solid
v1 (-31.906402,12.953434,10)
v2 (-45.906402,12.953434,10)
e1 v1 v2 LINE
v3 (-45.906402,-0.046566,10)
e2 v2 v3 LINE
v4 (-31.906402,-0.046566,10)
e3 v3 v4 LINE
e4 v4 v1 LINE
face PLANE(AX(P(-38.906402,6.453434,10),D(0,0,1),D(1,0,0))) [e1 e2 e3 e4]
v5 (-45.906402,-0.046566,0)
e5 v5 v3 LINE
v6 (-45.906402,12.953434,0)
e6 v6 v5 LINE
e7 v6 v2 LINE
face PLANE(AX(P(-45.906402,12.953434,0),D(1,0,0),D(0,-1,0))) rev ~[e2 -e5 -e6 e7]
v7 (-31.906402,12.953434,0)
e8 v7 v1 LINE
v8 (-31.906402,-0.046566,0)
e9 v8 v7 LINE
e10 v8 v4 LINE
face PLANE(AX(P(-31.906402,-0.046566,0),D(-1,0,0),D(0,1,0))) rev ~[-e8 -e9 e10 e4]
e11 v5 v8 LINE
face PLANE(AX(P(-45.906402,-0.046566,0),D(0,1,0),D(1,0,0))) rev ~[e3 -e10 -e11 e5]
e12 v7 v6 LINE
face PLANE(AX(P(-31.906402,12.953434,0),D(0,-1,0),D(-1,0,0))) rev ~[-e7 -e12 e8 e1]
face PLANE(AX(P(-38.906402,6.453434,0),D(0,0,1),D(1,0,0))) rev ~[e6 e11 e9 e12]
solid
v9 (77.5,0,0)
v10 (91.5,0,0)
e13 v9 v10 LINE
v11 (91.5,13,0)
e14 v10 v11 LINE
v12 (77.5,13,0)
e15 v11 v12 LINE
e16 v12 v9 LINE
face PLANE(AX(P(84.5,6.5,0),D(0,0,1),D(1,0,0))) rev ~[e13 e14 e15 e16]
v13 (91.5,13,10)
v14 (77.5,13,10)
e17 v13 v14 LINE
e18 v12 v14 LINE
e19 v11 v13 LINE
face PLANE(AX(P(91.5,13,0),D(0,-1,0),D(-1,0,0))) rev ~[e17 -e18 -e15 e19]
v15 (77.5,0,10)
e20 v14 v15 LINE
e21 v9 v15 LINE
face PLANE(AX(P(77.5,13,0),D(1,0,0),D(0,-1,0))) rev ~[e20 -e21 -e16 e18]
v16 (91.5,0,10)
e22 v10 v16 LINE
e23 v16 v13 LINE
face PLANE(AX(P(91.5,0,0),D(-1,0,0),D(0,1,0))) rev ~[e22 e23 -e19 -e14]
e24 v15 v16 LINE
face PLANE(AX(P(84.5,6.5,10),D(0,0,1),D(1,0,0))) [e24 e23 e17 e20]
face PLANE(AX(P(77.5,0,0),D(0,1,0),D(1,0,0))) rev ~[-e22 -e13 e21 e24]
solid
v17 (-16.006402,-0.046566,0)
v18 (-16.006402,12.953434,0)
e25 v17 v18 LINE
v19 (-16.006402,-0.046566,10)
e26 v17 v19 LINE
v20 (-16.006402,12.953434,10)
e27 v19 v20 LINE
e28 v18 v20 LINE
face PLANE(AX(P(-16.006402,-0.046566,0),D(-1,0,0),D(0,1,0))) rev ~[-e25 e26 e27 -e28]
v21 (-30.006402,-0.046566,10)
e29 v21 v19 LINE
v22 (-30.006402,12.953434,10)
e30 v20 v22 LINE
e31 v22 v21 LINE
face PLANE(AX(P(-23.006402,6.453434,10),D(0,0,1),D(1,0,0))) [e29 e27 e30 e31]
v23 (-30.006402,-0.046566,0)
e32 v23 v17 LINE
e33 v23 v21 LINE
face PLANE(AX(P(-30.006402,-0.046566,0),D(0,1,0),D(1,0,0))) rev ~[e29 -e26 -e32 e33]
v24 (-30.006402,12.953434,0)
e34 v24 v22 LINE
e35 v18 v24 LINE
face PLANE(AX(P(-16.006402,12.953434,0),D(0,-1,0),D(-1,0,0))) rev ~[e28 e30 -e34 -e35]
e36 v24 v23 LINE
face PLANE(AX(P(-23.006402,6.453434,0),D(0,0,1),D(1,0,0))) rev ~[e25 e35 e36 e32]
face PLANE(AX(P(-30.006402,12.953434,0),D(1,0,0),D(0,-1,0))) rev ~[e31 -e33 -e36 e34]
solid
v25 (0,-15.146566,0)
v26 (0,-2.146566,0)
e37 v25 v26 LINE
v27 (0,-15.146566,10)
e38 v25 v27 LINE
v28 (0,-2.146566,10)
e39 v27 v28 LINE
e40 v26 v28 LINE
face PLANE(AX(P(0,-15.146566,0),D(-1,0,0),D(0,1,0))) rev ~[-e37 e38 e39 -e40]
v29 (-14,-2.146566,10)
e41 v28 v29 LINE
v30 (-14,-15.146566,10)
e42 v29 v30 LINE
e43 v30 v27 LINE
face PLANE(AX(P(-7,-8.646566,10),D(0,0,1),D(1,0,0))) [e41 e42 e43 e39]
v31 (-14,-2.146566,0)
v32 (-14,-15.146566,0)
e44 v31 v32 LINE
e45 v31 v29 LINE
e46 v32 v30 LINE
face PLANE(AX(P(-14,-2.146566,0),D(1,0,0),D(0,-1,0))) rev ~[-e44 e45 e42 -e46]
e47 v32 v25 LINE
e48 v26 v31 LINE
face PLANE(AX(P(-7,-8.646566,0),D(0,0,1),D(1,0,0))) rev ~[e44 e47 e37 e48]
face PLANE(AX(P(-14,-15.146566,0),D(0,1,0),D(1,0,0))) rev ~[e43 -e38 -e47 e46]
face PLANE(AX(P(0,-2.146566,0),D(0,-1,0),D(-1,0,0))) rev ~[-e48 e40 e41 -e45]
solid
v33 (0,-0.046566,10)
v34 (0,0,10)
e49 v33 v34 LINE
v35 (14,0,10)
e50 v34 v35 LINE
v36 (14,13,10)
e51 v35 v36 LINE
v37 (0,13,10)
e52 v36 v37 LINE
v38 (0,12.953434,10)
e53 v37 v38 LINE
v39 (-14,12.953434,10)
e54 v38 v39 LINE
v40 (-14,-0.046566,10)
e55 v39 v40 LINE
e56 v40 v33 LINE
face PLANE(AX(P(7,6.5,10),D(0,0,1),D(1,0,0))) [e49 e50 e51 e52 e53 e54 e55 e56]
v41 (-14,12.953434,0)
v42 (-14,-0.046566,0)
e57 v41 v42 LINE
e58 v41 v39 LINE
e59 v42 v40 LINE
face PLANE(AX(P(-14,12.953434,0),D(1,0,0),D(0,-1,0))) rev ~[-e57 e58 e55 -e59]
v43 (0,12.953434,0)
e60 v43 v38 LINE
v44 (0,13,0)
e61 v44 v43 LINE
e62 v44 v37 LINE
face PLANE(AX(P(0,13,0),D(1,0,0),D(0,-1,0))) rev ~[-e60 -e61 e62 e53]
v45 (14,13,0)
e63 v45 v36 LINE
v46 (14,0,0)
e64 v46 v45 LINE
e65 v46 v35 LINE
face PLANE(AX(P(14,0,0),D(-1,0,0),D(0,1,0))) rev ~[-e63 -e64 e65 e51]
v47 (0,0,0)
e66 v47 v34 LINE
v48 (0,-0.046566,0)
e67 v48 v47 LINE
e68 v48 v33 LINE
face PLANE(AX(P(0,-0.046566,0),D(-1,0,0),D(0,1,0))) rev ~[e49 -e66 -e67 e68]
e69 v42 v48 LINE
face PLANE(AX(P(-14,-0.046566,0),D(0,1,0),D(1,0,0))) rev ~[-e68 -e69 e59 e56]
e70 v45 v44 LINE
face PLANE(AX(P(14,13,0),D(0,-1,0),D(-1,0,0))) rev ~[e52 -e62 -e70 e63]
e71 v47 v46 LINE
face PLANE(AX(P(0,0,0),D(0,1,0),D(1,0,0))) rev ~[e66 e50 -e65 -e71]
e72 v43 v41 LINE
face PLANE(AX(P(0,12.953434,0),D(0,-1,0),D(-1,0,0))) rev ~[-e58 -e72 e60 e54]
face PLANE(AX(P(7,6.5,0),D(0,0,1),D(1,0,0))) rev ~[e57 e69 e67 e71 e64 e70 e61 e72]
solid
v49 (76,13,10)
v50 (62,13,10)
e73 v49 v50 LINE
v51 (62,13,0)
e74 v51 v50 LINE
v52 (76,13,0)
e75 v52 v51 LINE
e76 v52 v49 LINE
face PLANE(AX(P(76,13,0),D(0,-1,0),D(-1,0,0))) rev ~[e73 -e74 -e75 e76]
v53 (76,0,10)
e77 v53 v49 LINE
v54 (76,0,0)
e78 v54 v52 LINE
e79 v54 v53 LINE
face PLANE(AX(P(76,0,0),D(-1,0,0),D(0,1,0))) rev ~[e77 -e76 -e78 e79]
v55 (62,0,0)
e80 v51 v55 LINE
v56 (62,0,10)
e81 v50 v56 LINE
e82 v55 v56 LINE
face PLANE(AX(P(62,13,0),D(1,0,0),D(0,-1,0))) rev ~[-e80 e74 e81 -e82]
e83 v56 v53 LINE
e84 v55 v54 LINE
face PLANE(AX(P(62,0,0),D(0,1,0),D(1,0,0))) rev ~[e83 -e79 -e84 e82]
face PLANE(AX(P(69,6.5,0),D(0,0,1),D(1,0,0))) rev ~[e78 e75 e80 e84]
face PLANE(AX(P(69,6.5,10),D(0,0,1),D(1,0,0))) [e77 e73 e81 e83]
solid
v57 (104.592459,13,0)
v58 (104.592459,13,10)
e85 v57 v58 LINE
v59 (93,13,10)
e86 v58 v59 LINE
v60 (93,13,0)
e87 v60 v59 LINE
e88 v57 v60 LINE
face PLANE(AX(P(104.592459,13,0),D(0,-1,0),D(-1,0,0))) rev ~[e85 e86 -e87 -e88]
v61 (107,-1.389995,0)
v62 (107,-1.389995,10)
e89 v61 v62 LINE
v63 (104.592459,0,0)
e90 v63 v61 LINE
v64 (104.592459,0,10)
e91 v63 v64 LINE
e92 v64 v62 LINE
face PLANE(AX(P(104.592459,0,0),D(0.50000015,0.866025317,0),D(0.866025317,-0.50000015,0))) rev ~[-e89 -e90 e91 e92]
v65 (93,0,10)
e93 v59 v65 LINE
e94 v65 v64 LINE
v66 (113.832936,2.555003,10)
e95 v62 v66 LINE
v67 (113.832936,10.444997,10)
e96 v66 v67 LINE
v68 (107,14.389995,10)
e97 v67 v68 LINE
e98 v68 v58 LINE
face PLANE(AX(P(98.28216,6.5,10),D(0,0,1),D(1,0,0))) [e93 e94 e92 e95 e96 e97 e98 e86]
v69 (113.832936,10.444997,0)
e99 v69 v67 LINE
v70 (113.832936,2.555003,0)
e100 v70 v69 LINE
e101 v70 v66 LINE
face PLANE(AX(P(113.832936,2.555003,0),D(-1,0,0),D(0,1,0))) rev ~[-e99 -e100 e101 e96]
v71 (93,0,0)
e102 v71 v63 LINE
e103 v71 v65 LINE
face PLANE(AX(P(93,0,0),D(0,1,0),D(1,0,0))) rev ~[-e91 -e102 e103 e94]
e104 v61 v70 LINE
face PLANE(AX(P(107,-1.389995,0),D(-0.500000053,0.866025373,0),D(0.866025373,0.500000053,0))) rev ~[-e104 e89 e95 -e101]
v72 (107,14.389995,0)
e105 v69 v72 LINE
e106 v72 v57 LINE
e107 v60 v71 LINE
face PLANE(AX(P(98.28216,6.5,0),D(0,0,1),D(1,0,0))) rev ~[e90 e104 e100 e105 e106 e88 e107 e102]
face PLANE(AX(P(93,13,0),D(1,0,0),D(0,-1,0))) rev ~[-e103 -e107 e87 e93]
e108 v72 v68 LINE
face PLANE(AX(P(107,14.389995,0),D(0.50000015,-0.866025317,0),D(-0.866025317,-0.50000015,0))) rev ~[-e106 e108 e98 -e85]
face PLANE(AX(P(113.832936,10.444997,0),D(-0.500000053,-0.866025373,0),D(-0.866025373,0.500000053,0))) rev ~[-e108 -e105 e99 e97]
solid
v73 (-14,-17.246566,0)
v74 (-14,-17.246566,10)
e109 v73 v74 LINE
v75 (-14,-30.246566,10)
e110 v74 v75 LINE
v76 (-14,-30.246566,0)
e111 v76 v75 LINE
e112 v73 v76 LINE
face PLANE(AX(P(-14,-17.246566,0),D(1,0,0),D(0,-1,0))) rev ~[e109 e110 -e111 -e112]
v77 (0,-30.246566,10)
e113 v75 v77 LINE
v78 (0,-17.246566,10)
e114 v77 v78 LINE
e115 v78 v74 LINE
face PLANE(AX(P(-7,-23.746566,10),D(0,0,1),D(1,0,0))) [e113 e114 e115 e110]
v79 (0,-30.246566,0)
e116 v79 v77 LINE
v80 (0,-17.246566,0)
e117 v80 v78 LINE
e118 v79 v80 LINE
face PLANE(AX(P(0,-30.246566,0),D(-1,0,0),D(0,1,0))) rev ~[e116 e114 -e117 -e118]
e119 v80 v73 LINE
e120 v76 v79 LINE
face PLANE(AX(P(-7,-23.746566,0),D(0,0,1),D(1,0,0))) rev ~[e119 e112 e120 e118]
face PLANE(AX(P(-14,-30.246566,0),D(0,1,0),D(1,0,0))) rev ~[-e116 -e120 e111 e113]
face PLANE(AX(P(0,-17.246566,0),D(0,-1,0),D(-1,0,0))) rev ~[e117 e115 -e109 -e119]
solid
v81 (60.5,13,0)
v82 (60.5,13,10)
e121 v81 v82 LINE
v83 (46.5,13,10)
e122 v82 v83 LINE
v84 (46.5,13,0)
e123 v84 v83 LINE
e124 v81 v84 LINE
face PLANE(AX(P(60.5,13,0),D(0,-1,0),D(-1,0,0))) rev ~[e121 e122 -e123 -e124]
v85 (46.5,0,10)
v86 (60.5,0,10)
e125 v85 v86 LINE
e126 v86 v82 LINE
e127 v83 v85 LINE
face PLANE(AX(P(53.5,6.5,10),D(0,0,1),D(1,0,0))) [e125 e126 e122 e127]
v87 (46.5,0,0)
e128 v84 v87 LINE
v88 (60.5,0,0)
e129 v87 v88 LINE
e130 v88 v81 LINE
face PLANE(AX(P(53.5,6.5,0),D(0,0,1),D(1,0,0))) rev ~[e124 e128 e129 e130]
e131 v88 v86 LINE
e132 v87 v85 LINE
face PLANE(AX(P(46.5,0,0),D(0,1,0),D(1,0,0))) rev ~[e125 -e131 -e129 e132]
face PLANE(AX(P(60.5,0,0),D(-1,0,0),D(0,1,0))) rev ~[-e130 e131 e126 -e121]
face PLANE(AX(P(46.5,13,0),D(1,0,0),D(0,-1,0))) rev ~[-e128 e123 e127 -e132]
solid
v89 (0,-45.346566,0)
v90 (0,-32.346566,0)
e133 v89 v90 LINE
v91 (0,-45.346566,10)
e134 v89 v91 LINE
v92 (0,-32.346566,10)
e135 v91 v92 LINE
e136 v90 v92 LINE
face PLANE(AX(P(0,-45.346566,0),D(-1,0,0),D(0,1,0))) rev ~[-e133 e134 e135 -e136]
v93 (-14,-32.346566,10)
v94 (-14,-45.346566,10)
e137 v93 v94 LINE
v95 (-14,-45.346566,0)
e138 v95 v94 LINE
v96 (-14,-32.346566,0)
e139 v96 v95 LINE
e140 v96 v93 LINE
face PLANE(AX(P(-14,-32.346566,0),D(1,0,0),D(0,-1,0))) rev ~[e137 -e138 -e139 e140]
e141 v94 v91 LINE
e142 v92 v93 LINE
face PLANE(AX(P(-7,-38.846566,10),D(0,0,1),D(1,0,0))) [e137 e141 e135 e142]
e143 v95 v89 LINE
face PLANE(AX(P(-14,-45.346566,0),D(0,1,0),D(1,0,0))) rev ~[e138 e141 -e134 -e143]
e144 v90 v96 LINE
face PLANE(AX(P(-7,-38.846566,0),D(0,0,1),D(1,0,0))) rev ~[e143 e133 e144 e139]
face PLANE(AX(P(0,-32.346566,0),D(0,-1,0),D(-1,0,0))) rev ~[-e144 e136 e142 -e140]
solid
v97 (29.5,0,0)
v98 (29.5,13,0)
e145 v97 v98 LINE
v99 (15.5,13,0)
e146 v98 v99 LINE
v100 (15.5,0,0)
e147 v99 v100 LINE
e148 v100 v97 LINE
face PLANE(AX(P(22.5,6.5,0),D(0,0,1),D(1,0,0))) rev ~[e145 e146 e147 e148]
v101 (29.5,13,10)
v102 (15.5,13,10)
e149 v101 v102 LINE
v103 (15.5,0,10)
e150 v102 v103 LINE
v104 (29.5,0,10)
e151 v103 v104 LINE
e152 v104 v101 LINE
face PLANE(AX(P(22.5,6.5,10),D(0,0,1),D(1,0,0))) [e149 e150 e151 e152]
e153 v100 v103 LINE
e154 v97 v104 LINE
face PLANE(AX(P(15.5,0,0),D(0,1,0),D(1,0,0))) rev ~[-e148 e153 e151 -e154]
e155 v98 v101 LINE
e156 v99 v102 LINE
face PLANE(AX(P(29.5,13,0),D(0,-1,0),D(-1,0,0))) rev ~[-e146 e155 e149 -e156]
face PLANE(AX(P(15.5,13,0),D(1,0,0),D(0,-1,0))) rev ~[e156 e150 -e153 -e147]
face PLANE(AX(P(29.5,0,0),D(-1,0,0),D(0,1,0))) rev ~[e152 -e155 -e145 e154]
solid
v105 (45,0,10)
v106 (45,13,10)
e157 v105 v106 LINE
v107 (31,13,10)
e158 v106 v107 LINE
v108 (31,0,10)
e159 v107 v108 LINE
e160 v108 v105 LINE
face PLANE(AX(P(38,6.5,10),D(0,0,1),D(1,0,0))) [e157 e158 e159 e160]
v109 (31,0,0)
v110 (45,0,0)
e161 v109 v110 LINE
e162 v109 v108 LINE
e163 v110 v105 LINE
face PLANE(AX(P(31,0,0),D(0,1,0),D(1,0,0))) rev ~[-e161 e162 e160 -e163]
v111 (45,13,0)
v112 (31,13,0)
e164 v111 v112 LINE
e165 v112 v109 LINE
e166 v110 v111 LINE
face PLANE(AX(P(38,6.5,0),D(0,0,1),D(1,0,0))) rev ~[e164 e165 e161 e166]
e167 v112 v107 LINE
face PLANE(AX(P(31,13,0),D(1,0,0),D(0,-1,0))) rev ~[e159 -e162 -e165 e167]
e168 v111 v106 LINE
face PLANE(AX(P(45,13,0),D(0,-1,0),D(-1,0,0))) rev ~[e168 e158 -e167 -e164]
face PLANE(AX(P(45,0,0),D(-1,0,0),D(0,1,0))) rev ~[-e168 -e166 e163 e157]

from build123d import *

# Parameters (mm, degrees)
F1_DEPTH = 10


with BuildPart() as f1:
    # F0 (on Top) → F1 (new body)
    with BuildSketch(Plane.XY):
        Polygon((0, 12.953434), (0, 0), (14, 0), (14, 6.5), (14, 13), (0, 13), align=None)
        Polygon((0, -0.046566), (0, 0), (0, 12.953434), (-14, 12.953434), (-14, 6.453434), (-14, -0.046566), align=None)
        Polygon((-31.906402, -0.046566), (-31.906402, 6.453434), (-31.906402, 12.953434), (-45.906402, 12.953434), (-45.906402, -0.046566), align=None)
        Polygon((-16.006402, -0.046566), (-16.006402, 6.453434), (-16.006402, 12.953434), (-30.006402, 12.953434), (-30.006402, 6.453434), (-30.006402, -0.046566), align=None)
        Polygon((93, 13), (93, 6.5), (93, 0), (104.592459, 0), (100.167064, 2.555003), (100.167064, 10.444997), (104.592459, 13), align=None)
        Polygon((77.5, 13), (77.5, 6.5), (77.5, 0), (91.5, 0), (91.5, 6.5), (91.5, 13), align=None)
        Polygon((62, 13), (62, 6.5), (62, 0), (76, 0), (76, 6.5), (76, 13), align=None)
        Polygon((46.5, 13), (46.5, 6.5), (46.5, 0), (60.5, 0), (60.5, 6.5), (60.5, 13), align=None)
        Polygon((31, 13), (31, 6.5), (31, 0), (45, 0), (45, 6.5), (45, 13), align=None)
        Polygon((15.5, 13), (15.5, 6.5), (15.5, 0), (29.5, 0), (29.5, 6.5), (29.5, 13), align=None)
        Polygon((0, -32.346566), (-7, -32.346566), (-14, -32.346566), (-14, -45.346566), (0, -45.346566), align=None)
        Polygon((0, -17.246566), (-7, -17.246566), (-14, -17.246566), (-14, -30.246566), (-7, -30.246566), (0, -30.246566), align=None)
        Polygon((-7, -15.146566), (0, -15.146566), (0, -2.146566), (-14, -2.146566), (-14, -15.146566), align=None)
        Polygon((100.167064, 2.555003), (104.592459, 0), (107, -1.389995), (113.832936, 2.555003), (113.832936, 10.444997), (107, 14.389995), (104.592459, 13), (100.167064, 10.444997), align=None)
    extrude(amount=F1_DEPTH)


solid = f1.part
